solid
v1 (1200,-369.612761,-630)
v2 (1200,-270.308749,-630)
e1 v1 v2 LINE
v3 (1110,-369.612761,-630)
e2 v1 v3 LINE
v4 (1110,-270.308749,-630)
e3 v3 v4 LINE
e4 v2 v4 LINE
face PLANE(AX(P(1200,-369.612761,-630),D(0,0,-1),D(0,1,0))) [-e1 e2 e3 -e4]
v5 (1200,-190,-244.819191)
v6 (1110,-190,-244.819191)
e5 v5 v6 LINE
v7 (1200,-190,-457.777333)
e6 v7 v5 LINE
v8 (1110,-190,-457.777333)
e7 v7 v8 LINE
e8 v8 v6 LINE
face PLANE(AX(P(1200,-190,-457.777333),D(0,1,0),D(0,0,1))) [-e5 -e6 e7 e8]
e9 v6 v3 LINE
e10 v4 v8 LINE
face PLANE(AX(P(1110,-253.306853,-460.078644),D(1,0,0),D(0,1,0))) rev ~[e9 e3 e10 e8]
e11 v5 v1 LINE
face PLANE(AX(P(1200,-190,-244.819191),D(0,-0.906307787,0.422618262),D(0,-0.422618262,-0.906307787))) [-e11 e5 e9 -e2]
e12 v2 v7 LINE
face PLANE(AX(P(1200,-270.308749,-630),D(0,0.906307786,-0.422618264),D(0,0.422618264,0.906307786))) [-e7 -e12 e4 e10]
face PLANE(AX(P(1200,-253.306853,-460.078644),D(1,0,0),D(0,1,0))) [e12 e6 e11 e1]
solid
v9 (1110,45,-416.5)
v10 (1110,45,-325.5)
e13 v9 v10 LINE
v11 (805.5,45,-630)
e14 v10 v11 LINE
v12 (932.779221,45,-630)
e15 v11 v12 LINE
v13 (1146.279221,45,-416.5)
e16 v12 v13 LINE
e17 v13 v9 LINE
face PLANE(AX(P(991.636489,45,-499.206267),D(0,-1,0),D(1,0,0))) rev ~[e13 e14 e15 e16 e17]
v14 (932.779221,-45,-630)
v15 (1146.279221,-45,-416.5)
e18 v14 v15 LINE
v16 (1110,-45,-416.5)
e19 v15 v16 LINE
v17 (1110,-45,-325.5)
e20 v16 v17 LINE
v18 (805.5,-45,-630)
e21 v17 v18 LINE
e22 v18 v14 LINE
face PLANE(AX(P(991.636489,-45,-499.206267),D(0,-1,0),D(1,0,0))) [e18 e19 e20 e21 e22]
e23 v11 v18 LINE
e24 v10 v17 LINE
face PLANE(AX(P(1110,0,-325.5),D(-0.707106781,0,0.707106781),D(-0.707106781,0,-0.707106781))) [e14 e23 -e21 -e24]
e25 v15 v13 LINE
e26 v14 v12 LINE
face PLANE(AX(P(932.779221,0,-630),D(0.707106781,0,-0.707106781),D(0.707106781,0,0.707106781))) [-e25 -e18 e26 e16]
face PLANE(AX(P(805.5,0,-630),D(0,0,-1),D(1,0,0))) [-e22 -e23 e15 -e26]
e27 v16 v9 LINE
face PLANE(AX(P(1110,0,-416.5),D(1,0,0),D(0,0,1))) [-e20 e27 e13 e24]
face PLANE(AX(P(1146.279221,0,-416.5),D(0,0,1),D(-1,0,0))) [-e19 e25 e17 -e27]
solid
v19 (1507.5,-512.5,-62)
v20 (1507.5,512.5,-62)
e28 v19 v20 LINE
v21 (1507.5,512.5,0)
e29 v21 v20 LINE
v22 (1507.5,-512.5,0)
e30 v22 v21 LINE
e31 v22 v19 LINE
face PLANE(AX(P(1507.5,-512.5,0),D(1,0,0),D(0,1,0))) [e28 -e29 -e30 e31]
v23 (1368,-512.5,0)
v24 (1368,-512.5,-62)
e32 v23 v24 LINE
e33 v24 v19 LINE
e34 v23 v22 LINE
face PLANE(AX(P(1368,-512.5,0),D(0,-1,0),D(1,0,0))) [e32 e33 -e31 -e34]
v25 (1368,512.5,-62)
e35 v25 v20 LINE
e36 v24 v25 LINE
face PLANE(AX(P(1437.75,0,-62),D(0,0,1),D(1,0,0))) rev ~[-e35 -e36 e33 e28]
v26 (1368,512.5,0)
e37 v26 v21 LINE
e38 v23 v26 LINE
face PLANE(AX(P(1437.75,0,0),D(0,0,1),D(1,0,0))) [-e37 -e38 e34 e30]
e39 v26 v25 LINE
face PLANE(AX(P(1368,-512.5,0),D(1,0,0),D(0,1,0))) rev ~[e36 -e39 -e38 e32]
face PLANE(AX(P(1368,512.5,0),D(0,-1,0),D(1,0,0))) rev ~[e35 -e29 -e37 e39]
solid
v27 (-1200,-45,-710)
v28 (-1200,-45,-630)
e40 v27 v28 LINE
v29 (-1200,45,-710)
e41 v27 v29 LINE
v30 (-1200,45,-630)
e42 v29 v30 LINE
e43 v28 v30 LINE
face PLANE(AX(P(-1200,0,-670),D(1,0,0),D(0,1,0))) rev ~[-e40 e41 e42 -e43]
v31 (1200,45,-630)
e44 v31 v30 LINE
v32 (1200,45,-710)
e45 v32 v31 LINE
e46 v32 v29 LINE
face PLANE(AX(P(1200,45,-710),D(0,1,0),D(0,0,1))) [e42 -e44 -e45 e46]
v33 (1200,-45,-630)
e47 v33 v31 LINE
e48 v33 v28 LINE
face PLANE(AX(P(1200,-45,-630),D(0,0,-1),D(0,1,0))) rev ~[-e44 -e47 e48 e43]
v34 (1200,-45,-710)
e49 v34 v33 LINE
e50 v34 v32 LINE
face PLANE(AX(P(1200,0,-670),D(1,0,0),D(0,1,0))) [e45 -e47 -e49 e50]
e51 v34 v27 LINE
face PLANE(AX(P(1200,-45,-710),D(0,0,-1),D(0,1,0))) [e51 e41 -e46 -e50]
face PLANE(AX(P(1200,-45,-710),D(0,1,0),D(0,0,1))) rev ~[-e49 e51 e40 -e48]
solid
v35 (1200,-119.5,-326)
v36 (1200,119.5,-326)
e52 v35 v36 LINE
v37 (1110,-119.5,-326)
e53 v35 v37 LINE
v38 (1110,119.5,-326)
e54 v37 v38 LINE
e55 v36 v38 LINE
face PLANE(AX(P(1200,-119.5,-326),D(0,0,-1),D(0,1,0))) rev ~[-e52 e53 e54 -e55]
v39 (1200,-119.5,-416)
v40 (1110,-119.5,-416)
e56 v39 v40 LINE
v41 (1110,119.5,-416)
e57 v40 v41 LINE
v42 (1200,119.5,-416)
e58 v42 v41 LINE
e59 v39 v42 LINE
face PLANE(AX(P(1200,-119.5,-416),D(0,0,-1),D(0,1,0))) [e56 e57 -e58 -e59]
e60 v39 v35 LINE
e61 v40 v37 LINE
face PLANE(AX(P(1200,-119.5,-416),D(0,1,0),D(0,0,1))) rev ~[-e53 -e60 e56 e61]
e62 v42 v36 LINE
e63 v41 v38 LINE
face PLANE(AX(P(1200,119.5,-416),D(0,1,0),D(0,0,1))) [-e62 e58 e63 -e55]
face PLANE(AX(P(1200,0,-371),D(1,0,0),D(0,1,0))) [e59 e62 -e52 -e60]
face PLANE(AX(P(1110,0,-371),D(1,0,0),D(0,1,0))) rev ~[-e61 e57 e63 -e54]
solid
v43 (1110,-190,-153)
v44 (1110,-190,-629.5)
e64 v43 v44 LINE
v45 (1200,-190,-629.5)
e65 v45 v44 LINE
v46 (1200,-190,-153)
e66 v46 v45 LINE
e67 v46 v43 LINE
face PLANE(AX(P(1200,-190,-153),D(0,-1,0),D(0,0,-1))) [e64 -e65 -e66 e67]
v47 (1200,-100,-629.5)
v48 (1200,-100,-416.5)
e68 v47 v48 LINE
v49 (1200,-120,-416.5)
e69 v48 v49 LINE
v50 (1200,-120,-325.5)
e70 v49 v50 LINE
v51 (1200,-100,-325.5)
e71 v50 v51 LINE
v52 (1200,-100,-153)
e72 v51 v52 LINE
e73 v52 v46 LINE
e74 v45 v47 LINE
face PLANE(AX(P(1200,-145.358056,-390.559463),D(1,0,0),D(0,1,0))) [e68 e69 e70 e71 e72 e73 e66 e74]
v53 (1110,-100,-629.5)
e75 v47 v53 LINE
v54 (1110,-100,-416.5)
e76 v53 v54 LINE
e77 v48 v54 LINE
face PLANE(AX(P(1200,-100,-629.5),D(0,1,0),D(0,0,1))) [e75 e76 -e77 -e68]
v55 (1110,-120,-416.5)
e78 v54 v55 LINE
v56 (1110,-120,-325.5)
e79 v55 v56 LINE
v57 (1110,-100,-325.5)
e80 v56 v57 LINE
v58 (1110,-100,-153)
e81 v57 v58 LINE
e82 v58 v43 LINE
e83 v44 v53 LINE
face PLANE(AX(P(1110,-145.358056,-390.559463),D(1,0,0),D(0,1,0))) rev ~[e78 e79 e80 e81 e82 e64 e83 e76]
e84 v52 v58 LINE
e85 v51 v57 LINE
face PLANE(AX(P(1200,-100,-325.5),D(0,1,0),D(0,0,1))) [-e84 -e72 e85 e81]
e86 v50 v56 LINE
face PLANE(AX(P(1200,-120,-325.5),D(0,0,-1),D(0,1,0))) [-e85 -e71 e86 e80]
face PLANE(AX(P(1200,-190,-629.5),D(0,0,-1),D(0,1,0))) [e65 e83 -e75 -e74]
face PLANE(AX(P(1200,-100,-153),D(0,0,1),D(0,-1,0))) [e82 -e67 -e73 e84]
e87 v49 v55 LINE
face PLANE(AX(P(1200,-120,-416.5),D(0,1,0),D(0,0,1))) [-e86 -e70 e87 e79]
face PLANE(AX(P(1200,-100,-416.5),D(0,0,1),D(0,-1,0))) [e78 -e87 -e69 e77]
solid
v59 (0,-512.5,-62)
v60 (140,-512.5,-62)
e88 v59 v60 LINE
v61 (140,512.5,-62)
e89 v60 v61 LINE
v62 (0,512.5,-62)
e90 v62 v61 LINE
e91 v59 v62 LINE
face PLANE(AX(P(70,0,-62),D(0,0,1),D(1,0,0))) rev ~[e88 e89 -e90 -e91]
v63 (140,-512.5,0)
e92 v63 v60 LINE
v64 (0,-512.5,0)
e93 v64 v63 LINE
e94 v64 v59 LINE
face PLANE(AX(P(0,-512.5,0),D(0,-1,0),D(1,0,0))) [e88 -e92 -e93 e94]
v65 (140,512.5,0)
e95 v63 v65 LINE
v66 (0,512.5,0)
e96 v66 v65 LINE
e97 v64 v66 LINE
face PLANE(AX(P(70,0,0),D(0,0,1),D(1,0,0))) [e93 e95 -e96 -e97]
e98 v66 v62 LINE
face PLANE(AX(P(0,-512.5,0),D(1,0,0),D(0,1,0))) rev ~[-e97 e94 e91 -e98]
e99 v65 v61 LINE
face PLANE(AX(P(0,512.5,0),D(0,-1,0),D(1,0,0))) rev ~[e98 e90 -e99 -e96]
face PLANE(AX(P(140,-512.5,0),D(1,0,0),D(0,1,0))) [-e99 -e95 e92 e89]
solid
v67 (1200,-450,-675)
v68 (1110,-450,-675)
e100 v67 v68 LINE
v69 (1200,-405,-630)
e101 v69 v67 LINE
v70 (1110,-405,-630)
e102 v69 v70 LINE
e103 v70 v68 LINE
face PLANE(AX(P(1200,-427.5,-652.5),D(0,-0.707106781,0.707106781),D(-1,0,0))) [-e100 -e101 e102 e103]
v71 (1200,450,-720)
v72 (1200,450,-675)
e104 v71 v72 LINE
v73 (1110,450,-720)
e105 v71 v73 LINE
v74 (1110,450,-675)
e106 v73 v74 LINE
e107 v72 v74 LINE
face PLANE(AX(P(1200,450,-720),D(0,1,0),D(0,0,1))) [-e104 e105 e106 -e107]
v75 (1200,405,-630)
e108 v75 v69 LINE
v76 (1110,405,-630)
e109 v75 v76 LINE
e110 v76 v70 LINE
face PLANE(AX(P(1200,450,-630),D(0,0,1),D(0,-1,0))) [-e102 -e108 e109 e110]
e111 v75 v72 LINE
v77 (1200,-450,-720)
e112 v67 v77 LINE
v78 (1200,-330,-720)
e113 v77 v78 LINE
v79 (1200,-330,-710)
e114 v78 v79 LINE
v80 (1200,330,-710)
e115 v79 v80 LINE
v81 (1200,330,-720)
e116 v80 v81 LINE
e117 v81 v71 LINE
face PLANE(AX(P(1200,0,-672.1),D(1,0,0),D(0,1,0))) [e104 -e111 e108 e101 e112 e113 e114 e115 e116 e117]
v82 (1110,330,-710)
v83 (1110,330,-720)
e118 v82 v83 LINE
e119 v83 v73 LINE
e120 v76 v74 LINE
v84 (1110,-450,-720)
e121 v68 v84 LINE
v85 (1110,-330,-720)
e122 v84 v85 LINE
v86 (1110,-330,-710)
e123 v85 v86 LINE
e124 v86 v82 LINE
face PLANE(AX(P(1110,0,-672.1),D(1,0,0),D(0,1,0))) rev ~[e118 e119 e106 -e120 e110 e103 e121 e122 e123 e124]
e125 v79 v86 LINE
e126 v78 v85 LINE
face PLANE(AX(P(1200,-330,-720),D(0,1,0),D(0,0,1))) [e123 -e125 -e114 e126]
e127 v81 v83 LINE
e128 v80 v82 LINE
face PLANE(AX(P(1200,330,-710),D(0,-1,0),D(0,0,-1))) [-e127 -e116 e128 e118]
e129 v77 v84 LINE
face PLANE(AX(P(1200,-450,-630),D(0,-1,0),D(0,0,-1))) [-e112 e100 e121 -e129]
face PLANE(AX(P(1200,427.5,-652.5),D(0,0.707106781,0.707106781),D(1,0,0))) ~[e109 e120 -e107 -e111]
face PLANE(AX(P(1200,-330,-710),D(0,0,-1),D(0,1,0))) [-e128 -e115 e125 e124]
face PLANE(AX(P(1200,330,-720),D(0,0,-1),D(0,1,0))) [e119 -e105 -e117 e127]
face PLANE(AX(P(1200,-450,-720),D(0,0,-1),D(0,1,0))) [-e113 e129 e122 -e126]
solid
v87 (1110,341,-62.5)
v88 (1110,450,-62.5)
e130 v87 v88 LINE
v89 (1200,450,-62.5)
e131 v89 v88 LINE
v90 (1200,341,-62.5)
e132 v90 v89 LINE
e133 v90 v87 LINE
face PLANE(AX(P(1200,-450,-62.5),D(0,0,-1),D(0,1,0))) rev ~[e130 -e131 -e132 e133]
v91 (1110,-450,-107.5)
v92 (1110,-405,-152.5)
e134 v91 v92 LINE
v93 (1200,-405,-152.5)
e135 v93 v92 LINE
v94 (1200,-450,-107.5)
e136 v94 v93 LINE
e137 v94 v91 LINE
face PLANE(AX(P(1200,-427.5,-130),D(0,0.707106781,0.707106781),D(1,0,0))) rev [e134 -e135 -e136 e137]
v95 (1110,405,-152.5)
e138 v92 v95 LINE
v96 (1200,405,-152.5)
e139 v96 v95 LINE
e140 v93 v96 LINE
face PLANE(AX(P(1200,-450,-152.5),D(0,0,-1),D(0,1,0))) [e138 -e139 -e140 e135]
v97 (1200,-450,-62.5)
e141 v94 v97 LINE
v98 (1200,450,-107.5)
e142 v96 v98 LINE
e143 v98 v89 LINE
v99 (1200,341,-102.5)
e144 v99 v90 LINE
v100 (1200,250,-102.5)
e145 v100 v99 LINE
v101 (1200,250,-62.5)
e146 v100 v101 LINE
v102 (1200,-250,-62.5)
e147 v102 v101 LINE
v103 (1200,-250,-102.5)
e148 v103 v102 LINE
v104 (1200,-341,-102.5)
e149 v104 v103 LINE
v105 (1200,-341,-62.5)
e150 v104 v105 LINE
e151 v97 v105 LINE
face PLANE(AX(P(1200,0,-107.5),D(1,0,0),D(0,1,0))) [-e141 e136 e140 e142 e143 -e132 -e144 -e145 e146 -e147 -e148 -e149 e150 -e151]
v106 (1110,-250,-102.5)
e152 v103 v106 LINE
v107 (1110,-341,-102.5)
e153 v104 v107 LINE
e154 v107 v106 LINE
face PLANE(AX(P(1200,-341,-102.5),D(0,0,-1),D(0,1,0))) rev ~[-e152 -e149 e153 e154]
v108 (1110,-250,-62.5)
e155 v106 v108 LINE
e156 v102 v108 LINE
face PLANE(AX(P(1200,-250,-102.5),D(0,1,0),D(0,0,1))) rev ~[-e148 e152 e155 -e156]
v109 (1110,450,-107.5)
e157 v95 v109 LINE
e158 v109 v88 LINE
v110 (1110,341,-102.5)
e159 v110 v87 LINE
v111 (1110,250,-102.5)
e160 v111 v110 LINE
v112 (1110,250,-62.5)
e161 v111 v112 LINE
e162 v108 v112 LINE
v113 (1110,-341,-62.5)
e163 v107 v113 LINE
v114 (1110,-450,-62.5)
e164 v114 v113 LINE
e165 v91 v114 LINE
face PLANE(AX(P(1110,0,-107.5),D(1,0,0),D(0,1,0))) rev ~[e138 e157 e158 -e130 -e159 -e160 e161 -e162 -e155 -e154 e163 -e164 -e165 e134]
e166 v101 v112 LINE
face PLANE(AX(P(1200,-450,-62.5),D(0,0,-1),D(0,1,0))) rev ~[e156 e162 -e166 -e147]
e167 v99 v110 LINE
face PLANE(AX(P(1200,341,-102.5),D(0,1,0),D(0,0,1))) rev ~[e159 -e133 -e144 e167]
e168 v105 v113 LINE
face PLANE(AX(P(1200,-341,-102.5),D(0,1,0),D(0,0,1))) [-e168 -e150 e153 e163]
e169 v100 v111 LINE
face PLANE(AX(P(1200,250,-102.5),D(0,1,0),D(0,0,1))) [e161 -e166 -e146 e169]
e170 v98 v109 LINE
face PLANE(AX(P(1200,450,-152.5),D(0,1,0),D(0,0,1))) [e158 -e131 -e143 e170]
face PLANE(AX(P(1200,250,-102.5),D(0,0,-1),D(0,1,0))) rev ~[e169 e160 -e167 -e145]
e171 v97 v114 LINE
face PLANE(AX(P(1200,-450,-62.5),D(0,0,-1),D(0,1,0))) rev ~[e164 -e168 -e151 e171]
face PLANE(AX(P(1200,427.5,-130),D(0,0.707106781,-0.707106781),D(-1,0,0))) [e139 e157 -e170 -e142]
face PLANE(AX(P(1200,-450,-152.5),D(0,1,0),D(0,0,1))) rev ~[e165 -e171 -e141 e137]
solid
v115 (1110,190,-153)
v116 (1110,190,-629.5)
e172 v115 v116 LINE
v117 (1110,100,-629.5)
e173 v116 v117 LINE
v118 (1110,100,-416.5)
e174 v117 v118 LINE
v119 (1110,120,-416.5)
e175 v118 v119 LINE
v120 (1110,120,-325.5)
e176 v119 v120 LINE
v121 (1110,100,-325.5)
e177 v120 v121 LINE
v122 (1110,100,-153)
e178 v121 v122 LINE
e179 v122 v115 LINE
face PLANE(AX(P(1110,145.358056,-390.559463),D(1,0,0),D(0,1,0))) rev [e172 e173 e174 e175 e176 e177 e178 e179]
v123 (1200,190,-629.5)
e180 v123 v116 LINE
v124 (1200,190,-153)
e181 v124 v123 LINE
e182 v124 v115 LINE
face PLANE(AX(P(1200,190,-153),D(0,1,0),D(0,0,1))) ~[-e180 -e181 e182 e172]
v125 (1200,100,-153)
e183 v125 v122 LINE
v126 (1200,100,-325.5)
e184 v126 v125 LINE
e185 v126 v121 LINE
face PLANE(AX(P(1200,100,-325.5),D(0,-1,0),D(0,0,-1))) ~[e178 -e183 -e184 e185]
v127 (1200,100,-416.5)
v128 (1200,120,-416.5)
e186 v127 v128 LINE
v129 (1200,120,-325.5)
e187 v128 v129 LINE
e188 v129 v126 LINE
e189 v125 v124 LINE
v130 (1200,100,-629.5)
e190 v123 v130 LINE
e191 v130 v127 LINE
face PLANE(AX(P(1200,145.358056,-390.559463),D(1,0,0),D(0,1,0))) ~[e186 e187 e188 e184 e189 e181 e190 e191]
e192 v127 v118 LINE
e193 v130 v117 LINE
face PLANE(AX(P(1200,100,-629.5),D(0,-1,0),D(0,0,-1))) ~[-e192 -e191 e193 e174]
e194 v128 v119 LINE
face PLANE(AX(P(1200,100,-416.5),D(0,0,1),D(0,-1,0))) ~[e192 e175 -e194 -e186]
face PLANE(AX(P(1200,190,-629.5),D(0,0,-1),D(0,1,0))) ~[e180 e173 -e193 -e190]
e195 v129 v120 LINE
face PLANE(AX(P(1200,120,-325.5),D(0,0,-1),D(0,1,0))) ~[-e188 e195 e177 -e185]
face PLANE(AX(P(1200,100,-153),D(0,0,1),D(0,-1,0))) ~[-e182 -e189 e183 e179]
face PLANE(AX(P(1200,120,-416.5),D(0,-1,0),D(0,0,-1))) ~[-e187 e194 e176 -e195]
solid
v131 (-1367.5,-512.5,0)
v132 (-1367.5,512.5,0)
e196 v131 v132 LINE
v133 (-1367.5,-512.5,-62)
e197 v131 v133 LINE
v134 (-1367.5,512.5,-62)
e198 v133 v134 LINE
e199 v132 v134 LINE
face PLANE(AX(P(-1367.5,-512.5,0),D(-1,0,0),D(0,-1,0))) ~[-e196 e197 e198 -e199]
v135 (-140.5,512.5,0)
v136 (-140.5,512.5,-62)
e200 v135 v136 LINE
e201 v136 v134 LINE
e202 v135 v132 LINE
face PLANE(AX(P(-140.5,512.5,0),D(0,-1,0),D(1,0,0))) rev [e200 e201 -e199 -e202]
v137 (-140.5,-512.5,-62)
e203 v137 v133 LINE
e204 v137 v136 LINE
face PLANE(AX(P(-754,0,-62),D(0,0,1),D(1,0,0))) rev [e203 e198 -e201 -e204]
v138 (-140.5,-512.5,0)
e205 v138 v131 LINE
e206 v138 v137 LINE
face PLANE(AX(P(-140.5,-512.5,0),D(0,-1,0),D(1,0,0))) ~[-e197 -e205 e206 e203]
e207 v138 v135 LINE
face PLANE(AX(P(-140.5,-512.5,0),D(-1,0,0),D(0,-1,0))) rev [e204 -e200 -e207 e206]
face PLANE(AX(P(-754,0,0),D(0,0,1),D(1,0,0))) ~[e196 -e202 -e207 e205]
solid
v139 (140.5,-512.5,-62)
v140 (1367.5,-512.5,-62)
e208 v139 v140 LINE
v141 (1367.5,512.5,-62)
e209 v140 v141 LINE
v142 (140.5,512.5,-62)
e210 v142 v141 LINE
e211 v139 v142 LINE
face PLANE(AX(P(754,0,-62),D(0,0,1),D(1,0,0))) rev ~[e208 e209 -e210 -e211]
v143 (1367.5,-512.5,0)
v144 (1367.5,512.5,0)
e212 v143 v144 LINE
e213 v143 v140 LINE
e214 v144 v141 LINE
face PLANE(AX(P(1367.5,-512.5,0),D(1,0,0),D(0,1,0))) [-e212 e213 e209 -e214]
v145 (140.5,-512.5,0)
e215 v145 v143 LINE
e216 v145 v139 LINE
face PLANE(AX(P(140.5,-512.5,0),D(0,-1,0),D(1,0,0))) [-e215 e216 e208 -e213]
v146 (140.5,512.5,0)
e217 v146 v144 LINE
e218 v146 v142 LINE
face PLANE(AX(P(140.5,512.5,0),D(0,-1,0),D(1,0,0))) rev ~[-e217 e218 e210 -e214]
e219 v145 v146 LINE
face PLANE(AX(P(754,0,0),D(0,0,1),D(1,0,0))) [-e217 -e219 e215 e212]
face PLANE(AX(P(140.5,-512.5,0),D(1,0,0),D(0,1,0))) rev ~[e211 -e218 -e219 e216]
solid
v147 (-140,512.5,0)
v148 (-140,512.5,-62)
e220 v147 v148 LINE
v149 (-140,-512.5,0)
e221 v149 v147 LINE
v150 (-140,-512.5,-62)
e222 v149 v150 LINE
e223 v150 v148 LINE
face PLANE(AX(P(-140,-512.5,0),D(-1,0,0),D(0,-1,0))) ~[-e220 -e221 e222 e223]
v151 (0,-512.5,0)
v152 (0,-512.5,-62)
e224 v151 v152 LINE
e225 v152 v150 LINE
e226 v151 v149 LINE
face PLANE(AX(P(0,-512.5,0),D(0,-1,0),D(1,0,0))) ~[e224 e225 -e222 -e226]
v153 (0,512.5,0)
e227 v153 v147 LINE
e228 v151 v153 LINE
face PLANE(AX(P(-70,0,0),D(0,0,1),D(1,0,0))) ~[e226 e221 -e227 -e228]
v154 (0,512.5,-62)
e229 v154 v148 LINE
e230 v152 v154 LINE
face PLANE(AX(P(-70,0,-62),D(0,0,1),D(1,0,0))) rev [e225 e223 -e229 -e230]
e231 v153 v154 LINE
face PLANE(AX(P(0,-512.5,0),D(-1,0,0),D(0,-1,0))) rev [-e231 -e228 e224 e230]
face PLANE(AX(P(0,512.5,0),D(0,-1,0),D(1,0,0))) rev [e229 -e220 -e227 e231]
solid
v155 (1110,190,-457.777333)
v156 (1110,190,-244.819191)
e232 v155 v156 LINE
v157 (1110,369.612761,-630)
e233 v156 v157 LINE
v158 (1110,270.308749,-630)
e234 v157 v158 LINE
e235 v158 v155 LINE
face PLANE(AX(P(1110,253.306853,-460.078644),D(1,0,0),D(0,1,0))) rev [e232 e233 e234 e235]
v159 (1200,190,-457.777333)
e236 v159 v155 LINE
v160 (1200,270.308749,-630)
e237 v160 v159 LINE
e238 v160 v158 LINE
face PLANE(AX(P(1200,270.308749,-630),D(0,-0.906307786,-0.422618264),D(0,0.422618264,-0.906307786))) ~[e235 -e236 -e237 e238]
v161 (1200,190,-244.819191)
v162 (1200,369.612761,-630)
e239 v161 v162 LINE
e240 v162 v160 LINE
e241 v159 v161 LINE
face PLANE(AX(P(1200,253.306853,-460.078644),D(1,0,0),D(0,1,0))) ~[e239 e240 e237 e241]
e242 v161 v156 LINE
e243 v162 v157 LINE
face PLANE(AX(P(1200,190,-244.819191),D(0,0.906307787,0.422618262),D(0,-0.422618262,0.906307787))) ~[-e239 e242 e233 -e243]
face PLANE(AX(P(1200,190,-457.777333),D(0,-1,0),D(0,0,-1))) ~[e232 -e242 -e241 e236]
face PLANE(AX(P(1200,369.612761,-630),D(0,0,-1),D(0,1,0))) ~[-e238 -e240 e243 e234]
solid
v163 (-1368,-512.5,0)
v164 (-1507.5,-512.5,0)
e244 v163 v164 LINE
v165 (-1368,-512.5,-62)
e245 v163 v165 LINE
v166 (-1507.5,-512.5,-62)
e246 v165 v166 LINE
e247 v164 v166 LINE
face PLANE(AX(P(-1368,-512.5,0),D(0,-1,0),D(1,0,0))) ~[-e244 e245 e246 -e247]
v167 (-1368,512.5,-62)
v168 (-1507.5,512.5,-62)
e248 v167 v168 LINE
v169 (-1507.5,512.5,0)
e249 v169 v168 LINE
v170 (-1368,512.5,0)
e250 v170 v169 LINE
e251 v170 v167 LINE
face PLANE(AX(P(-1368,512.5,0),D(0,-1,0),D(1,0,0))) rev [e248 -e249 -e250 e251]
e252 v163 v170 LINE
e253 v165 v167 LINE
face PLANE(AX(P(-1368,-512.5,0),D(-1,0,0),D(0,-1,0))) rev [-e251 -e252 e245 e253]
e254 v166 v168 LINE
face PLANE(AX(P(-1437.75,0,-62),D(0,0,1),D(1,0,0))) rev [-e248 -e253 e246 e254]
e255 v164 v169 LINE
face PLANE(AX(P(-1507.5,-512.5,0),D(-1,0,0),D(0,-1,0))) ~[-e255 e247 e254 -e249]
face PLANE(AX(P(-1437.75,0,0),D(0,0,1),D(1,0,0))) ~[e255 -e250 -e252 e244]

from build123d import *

# Parameters (mm, degrees)
F0_W      = 140
F0_H      = 1025
F4_DEPTH  = 62
F5_W      = 1227
F5_H      = 1025
F6_DEPTH  = 62
F7_W      = 139.5
F7_H      = 1025
F8_DEPTH  = 62
F12_W     = 900
F12_H     = 90
F13_DEPTH = 90
F14_SIZE2 = 45
F14_SIZE  = 45
F15_W     = 91
F15_H     = 40
F16_DEPTH = 90
F18_DEPTH = 90
F19_SIZE2 = 45
F19_SIZE  = 45
F21_DEPTH = 90
F23_W     = 239
F23_H     = 90
F24_DEPTH = 90
F26_DEPTH = 90
F28_W     = 90
F28_H     = 80
F29_DEPTH = 2400
F31_DEPTH = 45


with BuildPart() as f4:
    # F0 (on Top) → F4 (new body)
    with BuildSketch(Plane.XY):
        with Locations((70, 0)):
            Rectangle(F0_W, F0_H)
    extrude(amount=-F4_DEPTH)


with BuildPart() as f6:
    # F5 (on Top) → F6 (new body, through all)
    with BuildSketch(Plane.XY):
        with Locations((754, 0)):
            Rectangle(F5_W, F5_H)
    extrude(amount=-F6_DEPTH)


with BuildPart() as f8:
    # F7 (on Top) → F8 (new body, through all)
    with BuildSketch(Plane.XY):
        with Locations((1437.75, 0)):
            Rectangle(F7_W, F7_H)
    extrude(amount=-F8_DEPTH)


with BuildPart() as f9_1:
    # F9: instance of F4
    add(f4.part.mirror(Plane.YZ))


with BuildPart() as f10_1:
    # F10: instance of F6
    add(f6.part.mirror(Plane.YZ))


with BuildPart() as f11_1:
    # F11: instance of F8
    add(f8.part.mirror(Plane.YZ))


with BuildPart() as f13:
    # F12 (on offset) → F13 (new body)
    with BuildSketch(Plane.YZ.offset(1200)):
        with Locations((0, -107.5)):
            Rectangle(F12_W, F12_H)
    extrude(amount=-F13_DEPTH)

    # F14
    f14_edges = [f13.edges().sort_by_distance(p)[0] for p in [
        (1155, -450, -152.5),
        (1155, 450, -152.5),
    ]]
    chamfer(f14_edges, length=F14_SIZE, length2=F14_SIZE2)

    # F15 (on face) → F16 (cut, through all)
    with BuildSketch(Plane.YZ.offset(1200)):
        with Locations((-295.5, -82.5)):
            Rectangle(F15_W, F15_H)
        with Locations((295.5, -82.5)):
            Rectangle(F15_W, F15_H)
    extrude(amount=-F16_DEPTH, mode=Mode.SUBTRACT)


with BuildPart() as f18:
    # F17 (on offset) → F18 (new body)
    with BuildSketch(Plane.YZ.offset(1200)):
        Polygon((450, -630), (0, -630), (-450, -630), (-450, -720), (-330, -720), (-330, -710), (0, -710), (330, -710), (330, -720), (450, -720), align=None)
    extrude(amount=-F18_DEPTH)

    # F19
    f19_edges = [f18.edges().sort_by_distance(p)[0] for p in [
        (1155, -450, -630),
        (1155, 450, -630),
    ]]
    chamfer(f19_edges, length=F19_SIZE, length2=F19_SIZE2)


with BuildPart() as f21:
    # F20 (on offset) → F21 (new body)
    with BuildSketch(Plane.YZ.offset(1200)):
        Polygon((-100, -153), (-190, -153), (-190, -629.5), (-100, -629.5), (-100, -416.5), (-120, -416.5), (-120, -325.5), (-100, -325.5), align=None)
    extrude(amount=-F21_DEPTH)


with BuildPart() as f22_1:
    # F22: instance of F21
    add(f21.part.mirror(Plane.XZ))


with BuildPart() as f24:
    # F23 (on offset) → F24 (new body)
    with BuildSketch(Plane.YZ.offset(1200)):
        with Locations((0, -371)):
            Rectangle(F23_W, F23_H)
    extrude(amount=-F24_DEPTH)


with BuildPart() as f26:
    # F25 (on offset) → F26 (new body)
    with BuildSketch(Plane.YZ.offset(1200)):
        Polygon((-190, -457.777333), (-190, -244.819191), (-369.612761, -630), (-270.308749, -630), align=None)
    extrude(amount=-F26_DEPTH)


with BuildPart() as f27_1:
    # F27: instance of F26
    add(f26.part.mirror(Plane.XZ))


with BuildPart() as f29:
    # F28 (on offset) → F29 (new body, through all)
    with BuildSketch(Plane.YZ.offset(1200)):
        with Locations((0, -670)):
            Rectangle(F28_W, F28_H)
    extrude(amount=-F29_DEPTH)


with BuildPart() as f31:
    # F30 (on Front) → F31 (new body, symmetric)
    with BuildSketch(Plane.XZ):
        Polygon((1110, -416.5), (1110, -325.5), (805.5, -630), (932.779221, -630), (1146.279221, -416.5), align=None)
    extrude(amount=F31_DEPTH, both=True)


solid = Compound([f4.part, f6.part, f8.part, f9_1.part, f10_1.part, f11_1.part, f13.part, f18.part, f21.part, f22_1.part, f24.part, f26.part, f27_1.part, f29.part, f31.part])
